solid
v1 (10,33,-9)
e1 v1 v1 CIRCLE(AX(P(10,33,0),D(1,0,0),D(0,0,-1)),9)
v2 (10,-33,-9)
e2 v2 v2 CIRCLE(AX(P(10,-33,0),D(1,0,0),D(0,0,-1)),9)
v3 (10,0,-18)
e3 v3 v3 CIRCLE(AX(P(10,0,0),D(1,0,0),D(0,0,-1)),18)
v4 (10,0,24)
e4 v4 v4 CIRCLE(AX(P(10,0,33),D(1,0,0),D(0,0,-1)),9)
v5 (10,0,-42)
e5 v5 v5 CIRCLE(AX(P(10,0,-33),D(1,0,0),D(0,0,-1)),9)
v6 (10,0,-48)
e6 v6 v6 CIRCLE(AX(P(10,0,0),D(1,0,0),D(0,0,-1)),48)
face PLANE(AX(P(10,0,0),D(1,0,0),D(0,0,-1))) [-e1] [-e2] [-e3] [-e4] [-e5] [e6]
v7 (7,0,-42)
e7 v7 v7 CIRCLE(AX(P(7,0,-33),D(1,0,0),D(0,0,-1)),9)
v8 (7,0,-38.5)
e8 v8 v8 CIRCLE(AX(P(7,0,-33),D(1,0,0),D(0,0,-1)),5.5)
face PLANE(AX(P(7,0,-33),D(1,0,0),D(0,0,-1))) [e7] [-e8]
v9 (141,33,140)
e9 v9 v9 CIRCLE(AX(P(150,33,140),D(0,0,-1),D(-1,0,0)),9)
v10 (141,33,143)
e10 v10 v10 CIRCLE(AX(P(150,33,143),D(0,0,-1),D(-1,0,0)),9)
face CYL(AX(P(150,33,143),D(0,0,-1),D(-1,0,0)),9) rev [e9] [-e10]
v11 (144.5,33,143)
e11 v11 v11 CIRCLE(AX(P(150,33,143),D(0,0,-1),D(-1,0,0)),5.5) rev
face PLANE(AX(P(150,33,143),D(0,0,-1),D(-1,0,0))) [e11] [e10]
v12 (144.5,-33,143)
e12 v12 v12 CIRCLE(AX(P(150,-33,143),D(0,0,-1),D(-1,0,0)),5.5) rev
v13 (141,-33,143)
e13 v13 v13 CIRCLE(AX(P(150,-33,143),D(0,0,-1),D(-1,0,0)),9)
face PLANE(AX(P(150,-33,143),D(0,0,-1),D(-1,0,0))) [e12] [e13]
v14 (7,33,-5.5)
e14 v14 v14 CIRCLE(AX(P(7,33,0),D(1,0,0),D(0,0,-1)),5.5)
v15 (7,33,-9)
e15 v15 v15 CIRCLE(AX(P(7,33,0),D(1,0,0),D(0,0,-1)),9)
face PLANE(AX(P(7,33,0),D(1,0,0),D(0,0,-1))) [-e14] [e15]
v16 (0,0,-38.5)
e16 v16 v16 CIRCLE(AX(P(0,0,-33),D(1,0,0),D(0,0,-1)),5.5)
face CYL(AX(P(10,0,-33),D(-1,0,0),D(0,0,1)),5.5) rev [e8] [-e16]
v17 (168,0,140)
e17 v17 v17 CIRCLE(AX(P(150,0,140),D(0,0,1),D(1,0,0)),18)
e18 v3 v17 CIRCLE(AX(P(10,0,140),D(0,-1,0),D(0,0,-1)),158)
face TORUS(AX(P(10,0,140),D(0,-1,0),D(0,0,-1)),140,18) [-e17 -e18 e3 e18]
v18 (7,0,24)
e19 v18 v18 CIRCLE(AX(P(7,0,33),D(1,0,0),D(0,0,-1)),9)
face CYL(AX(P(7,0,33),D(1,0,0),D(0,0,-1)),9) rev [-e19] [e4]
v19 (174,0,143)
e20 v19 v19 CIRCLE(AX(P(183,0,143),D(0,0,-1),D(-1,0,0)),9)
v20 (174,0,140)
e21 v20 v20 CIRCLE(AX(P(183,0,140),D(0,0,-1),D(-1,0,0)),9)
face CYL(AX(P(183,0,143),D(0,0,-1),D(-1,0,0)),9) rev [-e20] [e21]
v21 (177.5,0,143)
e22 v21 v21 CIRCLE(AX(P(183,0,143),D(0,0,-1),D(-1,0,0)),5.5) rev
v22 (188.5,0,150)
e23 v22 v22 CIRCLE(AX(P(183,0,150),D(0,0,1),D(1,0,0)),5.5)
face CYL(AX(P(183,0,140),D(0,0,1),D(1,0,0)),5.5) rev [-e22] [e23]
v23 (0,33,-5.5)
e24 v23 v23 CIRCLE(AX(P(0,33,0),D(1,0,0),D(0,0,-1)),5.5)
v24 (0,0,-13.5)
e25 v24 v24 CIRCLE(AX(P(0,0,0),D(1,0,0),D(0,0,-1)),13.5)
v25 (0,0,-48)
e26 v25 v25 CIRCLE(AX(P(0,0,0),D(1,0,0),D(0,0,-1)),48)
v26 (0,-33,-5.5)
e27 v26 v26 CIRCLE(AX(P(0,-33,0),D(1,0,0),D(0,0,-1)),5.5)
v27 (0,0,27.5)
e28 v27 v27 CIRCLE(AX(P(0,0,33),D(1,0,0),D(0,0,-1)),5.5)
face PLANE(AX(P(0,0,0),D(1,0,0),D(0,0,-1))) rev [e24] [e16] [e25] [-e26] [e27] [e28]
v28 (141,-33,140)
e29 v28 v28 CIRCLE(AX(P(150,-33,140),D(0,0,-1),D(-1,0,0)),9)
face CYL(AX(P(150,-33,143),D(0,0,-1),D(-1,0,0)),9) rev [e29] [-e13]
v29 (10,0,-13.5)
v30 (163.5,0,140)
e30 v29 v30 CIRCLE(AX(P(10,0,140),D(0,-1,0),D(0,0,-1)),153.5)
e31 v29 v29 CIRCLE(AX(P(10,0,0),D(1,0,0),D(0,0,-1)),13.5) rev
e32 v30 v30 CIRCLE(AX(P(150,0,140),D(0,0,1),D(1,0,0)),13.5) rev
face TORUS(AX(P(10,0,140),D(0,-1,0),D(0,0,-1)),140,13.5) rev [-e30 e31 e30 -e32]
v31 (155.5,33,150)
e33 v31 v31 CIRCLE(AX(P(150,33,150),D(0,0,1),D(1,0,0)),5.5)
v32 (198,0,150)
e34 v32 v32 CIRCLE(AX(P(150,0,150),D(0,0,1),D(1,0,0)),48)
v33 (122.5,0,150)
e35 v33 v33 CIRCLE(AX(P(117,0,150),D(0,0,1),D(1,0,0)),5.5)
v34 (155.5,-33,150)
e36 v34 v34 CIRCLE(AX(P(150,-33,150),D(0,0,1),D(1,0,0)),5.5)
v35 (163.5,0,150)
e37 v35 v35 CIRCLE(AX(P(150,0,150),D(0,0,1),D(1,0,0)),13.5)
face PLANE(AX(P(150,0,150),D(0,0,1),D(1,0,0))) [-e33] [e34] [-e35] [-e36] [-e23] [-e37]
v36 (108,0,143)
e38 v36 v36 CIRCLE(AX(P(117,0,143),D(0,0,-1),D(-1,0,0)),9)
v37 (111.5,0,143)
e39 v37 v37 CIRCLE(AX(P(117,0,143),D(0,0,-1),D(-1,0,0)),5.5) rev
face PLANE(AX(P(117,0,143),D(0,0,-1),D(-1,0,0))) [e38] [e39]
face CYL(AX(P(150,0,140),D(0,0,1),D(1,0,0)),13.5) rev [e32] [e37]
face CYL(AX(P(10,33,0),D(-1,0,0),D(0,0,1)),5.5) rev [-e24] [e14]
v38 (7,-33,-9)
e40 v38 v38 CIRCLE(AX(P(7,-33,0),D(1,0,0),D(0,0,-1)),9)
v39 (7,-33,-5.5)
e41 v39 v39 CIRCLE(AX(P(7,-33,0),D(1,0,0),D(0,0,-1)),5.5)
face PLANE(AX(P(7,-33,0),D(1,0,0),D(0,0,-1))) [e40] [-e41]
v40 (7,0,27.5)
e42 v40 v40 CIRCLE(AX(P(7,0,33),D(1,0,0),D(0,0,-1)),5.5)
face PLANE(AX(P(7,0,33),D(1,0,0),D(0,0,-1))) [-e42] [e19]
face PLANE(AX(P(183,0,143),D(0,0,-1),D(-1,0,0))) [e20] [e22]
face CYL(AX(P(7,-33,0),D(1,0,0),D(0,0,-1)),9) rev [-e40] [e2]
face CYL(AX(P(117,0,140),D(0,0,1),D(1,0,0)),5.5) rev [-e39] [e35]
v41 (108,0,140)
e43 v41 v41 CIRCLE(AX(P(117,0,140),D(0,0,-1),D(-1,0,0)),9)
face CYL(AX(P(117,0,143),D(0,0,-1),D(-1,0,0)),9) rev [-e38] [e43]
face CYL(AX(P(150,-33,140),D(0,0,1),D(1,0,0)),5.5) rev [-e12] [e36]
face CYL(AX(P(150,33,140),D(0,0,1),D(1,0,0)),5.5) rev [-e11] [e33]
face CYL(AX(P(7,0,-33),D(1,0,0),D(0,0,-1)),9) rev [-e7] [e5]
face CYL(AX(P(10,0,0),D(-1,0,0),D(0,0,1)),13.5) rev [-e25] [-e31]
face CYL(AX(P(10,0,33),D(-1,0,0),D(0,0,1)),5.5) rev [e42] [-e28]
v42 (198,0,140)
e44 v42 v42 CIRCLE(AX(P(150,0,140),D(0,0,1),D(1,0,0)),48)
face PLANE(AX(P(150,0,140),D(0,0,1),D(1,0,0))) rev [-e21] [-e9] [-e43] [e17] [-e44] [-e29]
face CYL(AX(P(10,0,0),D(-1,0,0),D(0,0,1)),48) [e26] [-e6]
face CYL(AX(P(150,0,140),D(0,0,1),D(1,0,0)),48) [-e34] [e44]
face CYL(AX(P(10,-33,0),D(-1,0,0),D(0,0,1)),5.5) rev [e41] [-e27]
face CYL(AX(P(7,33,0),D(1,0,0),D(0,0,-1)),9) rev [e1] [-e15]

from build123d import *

# Parameters (mm, degrees)
CROQUIS2_R              = 48
CROQUIS2_R_2            = 13.5
CROQUIS2_R_3            = 5.5
SALIENTE_EXTRUIR1_DEPTH = 10
CROQUIS4_R              = 48
CROQUIS4_R_2            = 13.5
CROQUIS4_R_3            = 5.5
SALIENTE_EXTRUIR2_DEPTH = 10
CROQUIS6_R              = 18
CROQUIS6_R_2            = 13.5
CROQUIS8_R              = 9
CORTAR_EXTRUIR1_DEPTH   = 3
CROQUIS9_R              = 9
CORTAR_EXTRUIR2_DEPTH   = 3


with BuildPart() as part:
    # Croquis2 → Saliente-Extruir1 (new body)
    with BuildSketch(Plane(origin=(0, 0, 0), x_dir=(0, 0, -1), z_dir=(1, 0, 0))):
        Circle(CROQUIS2_R)
        Circle(CROQUIS2_R_2, mode=Mode.SUBTRACT)
        with Locations((0, 33)):
            Circle(CROQUIS2_R_3, mode=Mode.SUBTRACT)
        with Locations((33, 0)):
            Circle(CROQUIS2_R_3, mode=Mode.SUBTRACT)
        with Locations((0, -33)):
            Circle(CROQUIS2_R_3, mode=Mode.SUBTRACT)
        with Locations((-33, 0)):
            Circle(CROQUIS2_R_3, mode=Mode.SUBTRACT)
    extrude(amount=SALIENTE_EXTRUIR1_DEPTH)



with BuildPart() as body_2:
    # Croquis4 → Saliente-Extruir2 (new body)
    with BuildSketch(Plane.XY.offset(150)):
        with Locations((150, 0)):
            Circle(CROQUIS4_R)
        with Locations((150, 0)):
            Circle(CROQUIS4_R_2, mode=Mode.SUBTRACT)
        with Locations((150, 33)):
            Circle(CROQUIS4_R_3, mode=Mode.SUBTRACT)
        with Locations((183, 0)):
            Circle(CROQUIS4_R_3, mode=Mode.SUBTRACT)
        with Locations((150, -33)):
            Circle(CROQUIS4_R_3, mode=Mode.SUBTRACT)
        with Locations((117, 0)):
            Circle(CROQUIS4_R_3, mode=Mode.SUBTRACT)
    extrude(amount=-SALIENTE_EXTRUIR2_DEPTH)


with BuildPart() as part_1:
    add(part.part)

    add(body_2.part)  # Barrer1 merges body 2
    # Barrer1: sweep along a path in Croquis5
    with BuildLine(Plane(origin=(0, 0, 0), x_dir=(1, 0, 0), z_dir=(0, 1, 0))) as barrer1_path:
        ThreePointArc((10, 0), (108.994949366, -41.005050634), (150, -140))
    # Croquis6 → Barrer1 (sweep)
    with BuildSketch(Plane(origin=(10, 0, 0), x_dir=(0, 0, -1), z_dir=(1, 0, 0))):
        Circle(CROQUIS6_R)
        Circle(CROQUIS6_R_2, mode=Mode.SUBTRACT)
    sweep(path=barrer1_path.line)

    # Croquis8 → Cortar-Extruir1 (cut)
    with BuildSketch(Plane(origin=(10, 0, 0), x_dir=(0, 0, -1), z_dir=(1, 0, 0))):
        with Locations((0, 33)):
            Circle(CROQUIS8_R)
        with Locations((33, 0)):
            Circle(CROQUIS8_R)
        with Locations((0, -33)):
            Circle(CROQUIS8_R)
        with Locations((-33, 0)):
            Circle(CROQUIS8_R)
    extrude(amount=-CORTAR_EXTRUIR1_DEPTH, mode=Mode.SUBTRACT)

    # Croquis9 → Cortar-Extruir2 (cut)
    with BuildSketch(Plane(origin=(0, 0, 140), x_dir=(-1, 0, 0), z_dir=(0, 0, -1))):
        with Locations((-150, 33)):
            Circle(CROQUIS9_R)
        with Locations((-117, 0)):
            Circle(CROQUIS9_R)
        with Locations((-150, -33)):
            Circle(CROQUIS9_R)
        with Locations((-183, 0)):
            Circle(CROQUIS9_R)
    extrude(amount=-CORTAR_EXTRUIR2_DEPTH, mode=Mode.SUBTRACT)


solid = part_1.part
